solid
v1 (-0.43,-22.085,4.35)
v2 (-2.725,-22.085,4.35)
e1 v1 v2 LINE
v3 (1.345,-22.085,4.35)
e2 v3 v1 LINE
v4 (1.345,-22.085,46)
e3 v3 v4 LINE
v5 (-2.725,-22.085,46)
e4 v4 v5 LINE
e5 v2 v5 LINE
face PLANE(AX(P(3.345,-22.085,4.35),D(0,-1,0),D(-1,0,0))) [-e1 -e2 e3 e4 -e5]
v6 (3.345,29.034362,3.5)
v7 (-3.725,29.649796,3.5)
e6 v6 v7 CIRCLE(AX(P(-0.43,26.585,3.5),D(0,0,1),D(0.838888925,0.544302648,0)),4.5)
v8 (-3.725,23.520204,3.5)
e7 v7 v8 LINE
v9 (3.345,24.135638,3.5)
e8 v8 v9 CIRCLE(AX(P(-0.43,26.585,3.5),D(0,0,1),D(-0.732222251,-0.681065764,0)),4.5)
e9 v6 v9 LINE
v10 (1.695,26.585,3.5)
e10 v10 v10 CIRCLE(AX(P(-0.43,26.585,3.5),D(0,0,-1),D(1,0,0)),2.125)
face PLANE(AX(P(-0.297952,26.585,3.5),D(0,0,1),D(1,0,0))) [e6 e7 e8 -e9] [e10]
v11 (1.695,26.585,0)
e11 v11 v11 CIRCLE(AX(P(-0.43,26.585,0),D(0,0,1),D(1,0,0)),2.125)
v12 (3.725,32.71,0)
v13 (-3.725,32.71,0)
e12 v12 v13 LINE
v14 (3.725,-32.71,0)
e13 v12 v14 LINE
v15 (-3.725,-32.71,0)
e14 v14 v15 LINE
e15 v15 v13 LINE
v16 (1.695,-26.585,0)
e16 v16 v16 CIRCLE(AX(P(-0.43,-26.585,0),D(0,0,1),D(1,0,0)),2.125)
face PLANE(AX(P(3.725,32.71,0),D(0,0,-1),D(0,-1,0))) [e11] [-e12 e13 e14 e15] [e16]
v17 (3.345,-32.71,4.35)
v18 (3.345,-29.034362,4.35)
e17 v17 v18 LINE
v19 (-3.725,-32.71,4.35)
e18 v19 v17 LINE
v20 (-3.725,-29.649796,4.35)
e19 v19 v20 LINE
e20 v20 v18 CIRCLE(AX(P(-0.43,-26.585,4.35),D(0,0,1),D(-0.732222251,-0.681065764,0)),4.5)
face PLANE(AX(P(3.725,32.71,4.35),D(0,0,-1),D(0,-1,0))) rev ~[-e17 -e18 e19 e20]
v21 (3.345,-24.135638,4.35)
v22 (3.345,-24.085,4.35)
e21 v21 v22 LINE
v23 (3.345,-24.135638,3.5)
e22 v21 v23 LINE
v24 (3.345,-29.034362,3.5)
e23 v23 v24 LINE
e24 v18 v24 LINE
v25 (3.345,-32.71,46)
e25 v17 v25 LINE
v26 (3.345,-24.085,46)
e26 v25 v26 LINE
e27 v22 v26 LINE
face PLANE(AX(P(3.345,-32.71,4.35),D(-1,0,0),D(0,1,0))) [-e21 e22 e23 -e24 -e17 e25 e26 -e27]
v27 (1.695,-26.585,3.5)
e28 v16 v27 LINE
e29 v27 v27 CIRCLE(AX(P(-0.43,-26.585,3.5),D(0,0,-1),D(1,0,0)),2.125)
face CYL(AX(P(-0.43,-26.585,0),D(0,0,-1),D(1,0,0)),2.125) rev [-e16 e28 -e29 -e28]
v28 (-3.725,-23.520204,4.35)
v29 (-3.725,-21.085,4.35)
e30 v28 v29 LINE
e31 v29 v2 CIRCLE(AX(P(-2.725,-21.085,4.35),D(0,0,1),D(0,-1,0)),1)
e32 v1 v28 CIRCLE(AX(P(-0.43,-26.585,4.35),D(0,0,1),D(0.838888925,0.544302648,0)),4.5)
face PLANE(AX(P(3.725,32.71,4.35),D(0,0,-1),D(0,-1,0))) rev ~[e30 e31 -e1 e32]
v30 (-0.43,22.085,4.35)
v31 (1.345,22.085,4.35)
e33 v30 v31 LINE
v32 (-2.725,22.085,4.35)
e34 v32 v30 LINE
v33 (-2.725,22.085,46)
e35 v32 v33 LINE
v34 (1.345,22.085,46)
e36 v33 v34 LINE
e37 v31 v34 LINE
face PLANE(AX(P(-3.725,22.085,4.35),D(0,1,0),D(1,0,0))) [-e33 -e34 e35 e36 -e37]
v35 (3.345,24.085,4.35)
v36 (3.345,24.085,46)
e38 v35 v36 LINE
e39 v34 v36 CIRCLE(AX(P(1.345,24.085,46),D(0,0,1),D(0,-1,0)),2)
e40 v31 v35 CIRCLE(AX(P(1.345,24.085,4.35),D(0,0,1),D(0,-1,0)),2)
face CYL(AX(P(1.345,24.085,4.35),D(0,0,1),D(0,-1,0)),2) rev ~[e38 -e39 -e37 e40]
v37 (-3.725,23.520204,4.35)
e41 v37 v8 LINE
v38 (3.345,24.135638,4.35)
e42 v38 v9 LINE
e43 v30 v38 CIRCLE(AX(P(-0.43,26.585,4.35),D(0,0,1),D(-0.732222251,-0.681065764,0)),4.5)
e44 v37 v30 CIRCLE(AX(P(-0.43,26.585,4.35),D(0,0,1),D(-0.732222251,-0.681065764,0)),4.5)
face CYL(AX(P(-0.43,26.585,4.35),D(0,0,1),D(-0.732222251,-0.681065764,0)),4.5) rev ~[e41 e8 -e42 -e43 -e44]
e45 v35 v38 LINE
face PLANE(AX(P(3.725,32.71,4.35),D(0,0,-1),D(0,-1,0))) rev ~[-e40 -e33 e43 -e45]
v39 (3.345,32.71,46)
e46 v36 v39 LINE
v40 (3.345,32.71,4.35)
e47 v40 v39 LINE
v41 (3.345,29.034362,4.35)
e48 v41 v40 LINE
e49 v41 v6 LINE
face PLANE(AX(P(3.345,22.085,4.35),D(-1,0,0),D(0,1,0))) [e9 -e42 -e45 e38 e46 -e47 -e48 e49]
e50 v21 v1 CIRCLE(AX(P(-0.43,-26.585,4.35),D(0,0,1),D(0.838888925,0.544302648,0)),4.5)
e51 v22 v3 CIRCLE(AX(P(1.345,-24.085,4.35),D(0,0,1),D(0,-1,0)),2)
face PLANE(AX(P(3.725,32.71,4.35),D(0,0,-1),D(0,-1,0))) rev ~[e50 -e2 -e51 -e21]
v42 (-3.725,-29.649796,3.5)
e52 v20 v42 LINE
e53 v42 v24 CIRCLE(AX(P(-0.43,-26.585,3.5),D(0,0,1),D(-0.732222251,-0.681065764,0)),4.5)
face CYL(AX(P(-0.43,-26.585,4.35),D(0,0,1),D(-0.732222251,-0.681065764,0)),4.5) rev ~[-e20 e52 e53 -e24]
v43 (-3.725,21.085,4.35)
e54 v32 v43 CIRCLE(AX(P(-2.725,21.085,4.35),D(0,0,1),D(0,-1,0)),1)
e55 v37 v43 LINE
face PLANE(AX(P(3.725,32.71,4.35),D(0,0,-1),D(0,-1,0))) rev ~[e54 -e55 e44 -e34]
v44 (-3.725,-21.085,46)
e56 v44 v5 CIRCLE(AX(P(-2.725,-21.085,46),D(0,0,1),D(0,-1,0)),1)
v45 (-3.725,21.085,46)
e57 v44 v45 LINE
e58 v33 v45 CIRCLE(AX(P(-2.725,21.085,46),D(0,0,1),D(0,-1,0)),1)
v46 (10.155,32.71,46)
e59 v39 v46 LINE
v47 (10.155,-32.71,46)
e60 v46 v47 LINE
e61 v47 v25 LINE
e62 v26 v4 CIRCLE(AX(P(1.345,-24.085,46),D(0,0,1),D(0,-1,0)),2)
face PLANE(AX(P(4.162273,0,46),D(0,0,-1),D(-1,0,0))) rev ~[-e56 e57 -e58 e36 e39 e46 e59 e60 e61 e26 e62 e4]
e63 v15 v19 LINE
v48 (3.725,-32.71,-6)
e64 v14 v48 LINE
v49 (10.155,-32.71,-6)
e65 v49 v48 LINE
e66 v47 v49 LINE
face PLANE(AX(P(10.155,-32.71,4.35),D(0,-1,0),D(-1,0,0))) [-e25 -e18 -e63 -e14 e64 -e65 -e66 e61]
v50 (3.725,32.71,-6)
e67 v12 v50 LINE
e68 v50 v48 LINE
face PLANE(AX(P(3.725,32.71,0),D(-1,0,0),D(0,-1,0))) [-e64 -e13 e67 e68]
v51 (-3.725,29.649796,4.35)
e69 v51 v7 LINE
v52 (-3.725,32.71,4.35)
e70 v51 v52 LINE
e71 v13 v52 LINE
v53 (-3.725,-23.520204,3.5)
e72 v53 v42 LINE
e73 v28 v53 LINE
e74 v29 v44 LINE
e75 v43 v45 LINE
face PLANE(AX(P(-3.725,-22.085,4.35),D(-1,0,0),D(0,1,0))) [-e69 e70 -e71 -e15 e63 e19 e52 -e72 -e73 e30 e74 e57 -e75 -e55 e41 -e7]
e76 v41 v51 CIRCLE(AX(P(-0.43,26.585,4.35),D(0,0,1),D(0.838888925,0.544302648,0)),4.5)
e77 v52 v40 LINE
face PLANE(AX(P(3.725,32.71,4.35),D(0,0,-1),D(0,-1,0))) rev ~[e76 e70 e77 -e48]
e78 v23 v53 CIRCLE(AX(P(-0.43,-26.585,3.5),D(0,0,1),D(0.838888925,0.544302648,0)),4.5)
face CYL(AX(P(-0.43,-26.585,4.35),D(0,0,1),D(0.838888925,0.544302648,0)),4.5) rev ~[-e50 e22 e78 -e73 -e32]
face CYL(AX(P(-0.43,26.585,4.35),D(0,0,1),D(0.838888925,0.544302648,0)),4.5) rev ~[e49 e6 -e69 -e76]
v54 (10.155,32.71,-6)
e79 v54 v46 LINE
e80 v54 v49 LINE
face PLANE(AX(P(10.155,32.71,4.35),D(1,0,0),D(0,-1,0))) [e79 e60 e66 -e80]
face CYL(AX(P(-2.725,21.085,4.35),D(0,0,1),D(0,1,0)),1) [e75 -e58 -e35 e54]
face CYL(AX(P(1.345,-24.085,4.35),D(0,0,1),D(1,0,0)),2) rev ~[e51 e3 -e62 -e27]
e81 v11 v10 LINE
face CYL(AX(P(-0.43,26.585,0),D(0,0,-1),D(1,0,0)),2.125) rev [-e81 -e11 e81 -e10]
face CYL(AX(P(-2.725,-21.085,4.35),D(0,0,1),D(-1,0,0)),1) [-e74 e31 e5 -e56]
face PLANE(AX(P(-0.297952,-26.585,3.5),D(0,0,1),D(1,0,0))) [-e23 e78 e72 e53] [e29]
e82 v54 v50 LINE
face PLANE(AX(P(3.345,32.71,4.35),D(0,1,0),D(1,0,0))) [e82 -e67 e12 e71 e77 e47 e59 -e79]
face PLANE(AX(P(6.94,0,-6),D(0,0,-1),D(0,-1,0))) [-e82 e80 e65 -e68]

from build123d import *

# Parameters (mm, degrees)
SKETCH_W        = 7.45
SKETCH_H        = 65.42
SKETCH_R        = 2.125
PAD_DEPTH       = 4.35
POCKET_DEPTH    = 0.85
POCKET_FACE1_W  = 65.42
POCKET_FACE1_H  = 4.35
PAD001_DEPTH    = 6.43
PAD001_FACE13_W = 65.42
PAD001_FACE13_H = 6.43
PAD002_DEPTH    = 6
PAD003_DEPTH    = 41.65
FILLET_R        = 2
FILLET001_R     = 1


with BuildPart() as part:
    # Sketch → Pad (new body)
    with BuildSketch(Plane.XY):
        Rectangle(SKETCH_W, SKETCH_H)
        with Locations((-0.43, -26.585)):
            Circle(SKETCH_R, mode=Mode.SUBTRACT)
        with Locations((-0.43, 26.585)):
            Circle(SKETCH_R, mode=Mode.SUBTRACT)
    extrude(amount=PAD_DEPTH)

    # Sketch001 (on DatumPlane) → Pocket (cut)
    with BuildSketch(Plane.XY.offset(4.35)):
        with BuildLine():
            ThreePointArc((3.345, -24.135638), (-0.039757, -22.101953), (-3.725, -23.520204))
            Line((-3.725, -23.520204), (-3.725, -29.649796))
            ThreePointArc((-3.725, -29.649796), (-0.039757, -31.068047), (3.345, -29.034362))
            Line((3.345, -24.135638), (3.345, -29.034362))
        make_face()
        with BuildLine():
            ThreePointArc((-3.725, 23.520204), (-0.039757, 22.101953), (3.345, 24.135638))
            Line((3.345, 29.034362), (3.345, 24.135638))
            ThreePointArc((3.345, 29.034362), (-0.039757, 31.068047), (-3.725, 29.649796))
            Line((-3.725, 29.649796), (-3.725, 23.520204))
        make_face()
    extrude(amount=-POCKET_DEPTH, mode=Mode.SUBTRACT)

    # Pocket Face1 → Pad001 (add)
    with BuildSketch(Plane(origin=(3.725, 0, 2.175), x_dir=(0, -1, 0), z_dir=(1, 0, 0))):
        Rectangle(POCKET_FACE1_W, POCKET_FACE1_H)
    extrude(amount=PAD001_DEPTH)

    # Pad001 Face13 → Pad002 (add)
    with BuildSketch(Plane(origin=(6.94, 0, 0), x_dir=(0, -1, 0), z_dir=(0, 0, -1))):
        Rectangle(PAD001_FACE13_W, PAD001_FACE13_H)
    extrude(amount=PAD002_DEPTH)

    # Sketch002 (on Face5 of Pad002) → Pad003 (join)
    with BuildSketch(Plane.XY.offset(4.35)):
        Polygon((10.155, 32.71), (10.155, -32.71), (3.345, -32.71), (3.345, -22.085), (-3.725, -22.085), (-3.725, 22.085), (3.345, 22.085), (3.345, 32.71), align=None)
    extrude(amount=PAD003_DEPTH)

    # Fillet
    fillet_edges = [part.edges().sort_by_distance(p)[0] for p in [
        (3.345, -22.085, 25.175),
        (3.345, 22.085, 25.175),
    ]]
    fillet(fillet_edges, radius=FILLET_R)

    # Fillet001
    fillet001_edges = [part.edges().sort_by_distance(p)[0] for p in [
        (-3.725, -22.085, 25.175),
        (-3.725, 22.085, 25.175),
    ]]
    fillet(fillet001_edges, radius=FILLET001_R)


solid = part.part
